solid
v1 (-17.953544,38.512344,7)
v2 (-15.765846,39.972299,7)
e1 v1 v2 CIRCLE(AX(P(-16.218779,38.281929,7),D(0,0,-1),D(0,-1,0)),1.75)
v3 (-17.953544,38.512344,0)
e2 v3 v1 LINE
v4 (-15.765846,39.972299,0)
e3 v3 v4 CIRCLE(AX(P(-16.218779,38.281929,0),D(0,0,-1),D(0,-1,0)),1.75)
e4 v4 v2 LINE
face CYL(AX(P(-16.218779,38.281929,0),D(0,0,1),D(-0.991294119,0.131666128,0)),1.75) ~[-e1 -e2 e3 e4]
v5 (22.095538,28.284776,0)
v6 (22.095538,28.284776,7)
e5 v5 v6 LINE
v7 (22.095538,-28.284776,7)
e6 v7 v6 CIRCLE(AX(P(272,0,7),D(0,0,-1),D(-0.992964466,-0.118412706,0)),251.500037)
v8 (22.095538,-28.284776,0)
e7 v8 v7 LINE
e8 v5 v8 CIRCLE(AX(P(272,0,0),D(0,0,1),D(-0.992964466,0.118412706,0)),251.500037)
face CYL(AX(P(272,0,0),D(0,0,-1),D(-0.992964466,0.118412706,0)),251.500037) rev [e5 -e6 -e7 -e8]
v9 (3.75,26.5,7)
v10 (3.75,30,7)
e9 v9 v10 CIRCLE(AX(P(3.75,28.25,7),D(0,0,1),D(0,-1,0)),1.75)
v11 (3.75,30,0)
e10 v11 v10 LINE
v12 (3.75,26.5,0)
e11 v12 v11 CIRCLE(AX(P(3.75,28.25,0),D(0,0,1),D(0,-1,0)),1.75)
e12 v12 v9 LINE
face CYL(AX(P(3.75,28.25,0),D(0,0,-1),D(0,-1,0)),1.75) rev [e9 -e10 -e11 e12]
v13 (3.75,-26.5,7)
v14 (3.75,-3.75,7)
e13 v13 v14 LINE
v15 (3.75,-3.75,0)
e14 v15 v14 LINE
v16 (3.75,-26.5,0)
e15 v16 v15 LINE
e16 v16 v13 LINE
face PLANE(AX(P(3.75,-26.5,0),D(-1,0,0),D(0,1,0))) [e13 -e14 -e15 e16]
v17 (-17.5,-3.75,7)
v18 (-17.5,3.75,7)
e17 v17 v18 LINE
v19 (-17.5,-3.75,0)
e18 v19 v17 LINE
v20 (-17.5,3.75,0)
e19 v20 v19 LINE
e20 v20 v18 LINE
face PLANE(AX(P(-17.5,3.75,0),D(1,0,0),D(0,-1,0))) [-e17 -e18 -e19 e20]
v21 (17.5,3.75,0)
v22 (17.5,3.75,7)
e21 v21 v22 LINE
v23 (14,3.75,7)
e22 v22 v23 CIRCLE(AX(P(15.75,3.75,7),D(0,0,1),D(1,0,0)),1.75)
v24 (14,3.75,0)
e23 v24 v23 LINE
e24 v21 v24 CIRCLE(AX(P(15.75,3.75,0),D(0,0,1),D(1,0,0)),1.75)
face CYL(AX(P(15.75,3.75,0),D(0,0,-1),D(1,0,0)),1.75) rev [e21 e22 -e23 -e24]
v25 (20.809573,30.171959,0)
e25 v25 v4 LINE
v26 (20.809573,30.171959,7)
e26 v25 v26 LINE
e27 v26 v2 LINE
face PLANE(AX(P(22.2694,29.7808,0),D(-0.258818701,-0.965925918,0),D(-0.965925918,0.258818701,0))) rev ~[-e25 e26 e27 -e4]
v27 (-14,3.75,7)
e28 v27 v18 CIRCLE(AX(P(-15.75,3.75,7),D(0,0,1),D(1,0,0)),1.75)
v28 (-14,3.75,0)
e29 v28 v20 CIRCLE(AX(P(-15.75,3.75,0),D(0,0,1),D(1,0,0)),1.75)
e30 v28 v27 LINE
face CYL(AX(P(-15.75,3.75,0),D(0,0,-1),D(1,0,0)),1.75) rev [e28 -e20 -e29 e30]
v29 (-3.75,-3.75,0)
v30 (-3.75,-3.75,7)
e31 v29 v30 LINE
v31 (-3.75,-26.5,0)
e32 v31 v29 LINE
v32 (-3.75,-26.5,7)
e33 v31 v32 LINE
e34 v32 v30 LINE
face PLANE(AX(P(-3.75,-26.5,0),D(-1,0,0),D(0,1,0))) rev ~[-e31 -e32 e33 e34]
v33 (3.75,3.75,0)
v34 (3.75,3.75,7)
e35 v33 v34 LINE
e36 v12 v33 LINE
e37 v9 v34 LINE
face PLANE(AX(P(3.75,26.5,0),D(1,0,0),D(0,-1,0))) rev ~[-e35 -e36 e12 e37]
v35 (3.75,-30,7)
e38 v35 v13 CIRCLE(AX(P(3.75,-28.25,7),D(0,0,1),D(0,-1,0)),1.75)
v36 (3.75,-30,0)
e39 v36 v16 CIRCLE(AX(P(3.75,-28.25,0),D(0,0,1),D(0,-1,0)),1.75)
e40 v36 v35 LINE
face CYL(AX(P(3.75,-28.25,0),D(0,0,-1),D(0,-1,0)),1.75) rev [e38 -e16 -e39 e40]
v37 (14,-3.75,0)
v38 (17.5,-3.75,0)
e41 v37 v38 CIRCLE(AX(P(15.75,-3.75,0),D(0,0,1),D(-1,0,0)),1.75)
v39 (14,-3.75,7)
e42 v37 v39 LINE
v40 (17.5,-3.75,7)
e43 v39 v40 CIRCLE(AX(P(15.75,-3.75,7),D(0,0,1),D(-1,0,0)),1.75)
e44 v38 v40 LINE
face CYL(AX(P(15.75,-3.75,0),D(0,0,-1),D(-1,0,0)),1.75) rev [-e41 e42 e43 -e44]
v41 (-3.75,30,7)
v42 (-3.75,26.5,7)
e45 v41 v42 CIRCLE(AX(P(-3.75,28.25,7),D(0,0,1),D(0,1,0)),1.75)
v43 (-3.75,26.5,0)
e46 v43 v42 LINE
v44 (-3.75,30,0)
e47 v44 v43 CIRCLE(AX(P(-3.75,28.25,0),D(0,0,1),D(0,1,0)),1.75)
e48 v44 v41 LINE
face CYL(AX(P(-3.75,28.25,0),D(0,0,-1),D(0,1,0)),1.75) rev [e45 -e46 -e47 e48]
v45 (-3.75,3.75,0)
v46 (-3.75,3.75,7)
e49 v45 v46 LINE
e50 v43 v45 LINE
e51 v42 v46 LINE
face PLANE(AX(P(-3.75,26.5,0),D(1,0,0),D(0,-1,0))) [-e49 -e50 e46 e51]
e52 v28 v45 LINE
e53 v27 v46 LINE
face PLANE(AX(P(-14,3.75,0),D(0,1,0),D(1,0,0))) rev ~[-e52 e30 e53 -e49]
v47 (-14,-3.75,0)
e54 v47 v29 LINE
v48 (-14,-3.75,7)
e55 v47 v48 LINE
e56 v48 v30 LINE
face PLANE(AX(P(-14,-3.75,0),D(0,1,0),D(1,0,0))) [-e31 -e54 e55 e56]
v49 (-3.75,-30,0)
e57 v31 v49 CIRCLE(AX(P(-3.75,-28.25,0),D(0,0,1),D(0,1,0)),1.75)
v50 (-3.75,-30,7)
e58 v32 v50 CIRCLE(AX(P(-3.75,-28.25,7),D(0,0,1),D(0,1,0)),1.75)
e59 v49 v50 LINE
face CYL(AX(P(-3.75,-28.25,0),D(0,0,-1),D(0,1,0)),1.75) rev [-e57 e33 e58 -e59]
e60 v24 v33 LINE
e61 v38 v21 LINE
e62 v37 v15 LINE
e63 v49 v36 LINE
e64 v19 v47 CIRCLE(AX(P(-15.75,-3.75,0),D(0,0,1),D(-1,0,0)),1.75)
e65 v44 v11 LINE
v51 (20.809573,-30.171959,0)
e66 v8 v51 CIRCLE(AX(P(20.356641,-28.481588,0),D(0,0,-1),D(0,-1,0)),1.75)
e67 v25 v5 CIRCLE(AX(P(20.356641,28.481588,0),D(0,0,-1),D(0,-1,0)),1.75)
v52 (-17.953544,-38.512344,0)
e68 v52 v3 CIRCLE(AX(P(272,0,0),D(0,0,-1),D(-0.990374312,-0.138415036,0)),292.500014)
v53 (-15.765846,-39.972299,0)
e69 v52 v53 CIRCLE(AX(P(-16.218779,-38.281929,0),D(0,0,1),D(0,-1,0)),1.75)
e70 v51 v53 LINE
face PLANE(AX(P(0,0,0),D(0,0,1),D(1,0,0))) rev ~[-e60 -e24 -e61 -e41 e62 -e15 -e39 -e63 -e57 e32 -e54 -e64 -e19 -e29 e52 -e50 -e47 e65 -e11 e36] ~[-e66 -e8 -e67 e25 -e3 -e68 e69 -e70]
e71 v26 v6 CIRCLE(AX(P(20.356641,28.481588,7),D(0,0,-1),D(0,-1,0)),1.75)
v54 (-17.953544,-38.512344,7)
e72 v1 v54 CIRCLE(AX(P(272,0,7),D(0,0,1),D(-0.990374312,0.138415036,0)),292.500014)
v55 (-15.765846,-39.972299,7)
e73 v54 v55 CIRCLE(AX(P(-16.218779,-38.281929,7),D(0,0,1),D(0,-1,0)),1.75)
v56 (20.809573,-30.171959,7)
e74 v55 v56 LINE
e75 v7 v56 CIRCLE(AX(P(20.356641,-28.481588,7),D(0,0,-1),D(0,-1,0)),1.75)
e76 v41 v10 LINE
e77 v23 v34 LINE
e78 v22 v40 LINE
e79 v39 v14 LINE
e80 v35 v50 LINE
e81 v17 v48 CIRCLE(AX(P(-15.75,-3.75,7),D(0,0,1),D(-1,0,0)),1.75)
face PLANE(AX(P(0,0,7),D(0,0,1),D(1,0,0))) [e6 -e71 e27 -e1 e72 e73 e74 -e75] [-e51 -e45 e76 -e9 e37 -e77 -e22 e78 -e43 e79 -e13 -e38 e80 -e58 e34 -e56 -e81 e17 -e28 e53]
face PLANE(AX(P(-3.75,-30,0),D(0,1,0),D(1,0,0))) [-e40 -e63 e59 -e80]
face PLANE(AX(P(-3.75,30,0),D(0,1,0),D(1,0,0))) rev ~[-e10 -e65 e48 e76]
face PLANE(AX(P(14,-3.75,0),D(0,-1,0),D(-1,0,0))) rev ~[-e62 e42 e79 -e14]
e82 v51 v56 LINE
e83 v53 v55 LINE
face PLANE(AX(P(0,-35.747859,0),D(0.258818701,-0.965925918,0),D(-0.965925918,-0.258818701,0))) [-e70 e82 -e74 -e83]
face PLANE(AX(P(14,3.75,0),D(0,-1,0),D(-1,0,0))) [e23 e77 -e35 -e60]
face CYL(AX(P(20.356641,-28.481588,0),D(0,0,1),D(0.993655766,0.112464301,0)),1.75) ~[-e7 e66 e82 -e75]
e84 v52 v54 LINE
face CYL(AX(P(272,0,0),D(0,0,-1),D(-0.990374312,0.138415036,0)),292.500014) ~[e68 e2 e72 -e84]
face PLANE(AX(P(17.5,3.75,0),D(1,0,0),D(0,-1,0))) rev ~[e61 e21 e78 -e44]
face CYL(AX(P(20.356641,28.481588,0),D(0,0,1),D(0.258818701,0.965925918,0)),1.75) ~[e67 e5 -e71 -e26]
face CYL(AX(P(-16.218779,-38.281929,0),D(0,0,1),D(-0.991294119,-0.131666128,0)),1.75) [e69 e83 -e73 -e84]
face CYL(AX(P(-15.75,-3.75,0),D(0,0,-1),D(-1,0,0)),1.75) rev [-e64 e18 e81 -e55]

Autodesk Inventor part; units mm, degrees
ref_plane "YZ Plane" through (0, 0, 0) normal (1, 0, 0) x (0, 1, 0)
ref_plane "XZ Plane" through (0, 0, 0) normal (0, 1, 0) x (-1, 0, 0)
ref_plane "XY Plane" through (0, 0, 0) normal (0, 0, 1) x (1, 0, 0)
sketch "Sketch1" plane through (0, 0, 0) normal (0, 0, 1) x (1, 0, 0)
  line L0 (-3.75, 30) -> (3.75, 30)
  arc A0 (-14, 3.75) -> (-17.5, 3.75) centre (-15.75, 3.75) ccw
  arc A1 (-3.75, 30) -> (-3.75, 26.5) centre (-3.75, 28.25) ccw
  arc A2 (3.75, 26.5) -> (3.75, 30) centre (3.75, 28.25) ccw
  line L1 (272, 51.0746) -> (272, -58.8764)
  line L2 (-17.5, 0) -> (30.5939, 0)
  line L3 (-17.5, 3.75) -> (-17.5, 0)
  arc A3 (-17.5, -3.75) -> (-14, -3.75) centre (-15.75, -3.75) ccw
  line L4 (-17.5, -3.75) -> (-17.5, 0)
  line L5 (0, 0) -> (0, -60.7814)
  line L6 (-14, 3.75) -> (-3.75, 3.75)
  line L7 (-14, -3.75) -> (-3.75, -3.75)
  line L8 (-3.75, 26.5) -> (-3.75, 3.75)
  line L9 (3.75, 26.5) -> (3.75, 3.75)
  arc A4 (17.5, 3.75) -> (14, 3.75) centre (15.75, 3.75) ccw
  line L10 (17.5, 3.75) -> (17.5, 0)
  line L11 (17.5, -3.75) -> (17.5, 0)
  arc A5 (14, -3.75) -> (17.5, -3.75) centre (15.75, -3.75) ccw
  line L12 (14, 3.75) -> (3.75, 3.75)
  line L13 (14, -3.75) -> (3.75, -3.75)
  line L14 (-3.75, -30) -> (3.75, -30)
  arc A6 (-3.75, -26.5) -> (-3.75, -30) centre (-3.75, -28.25) ccw
  arc A7 (3.75, -30) -> (3.75, -26.5) centre (3.75, -28.25) ccw
  line L15 (3.75, -26.5) -> (3.75, -3.75)
  line L16 (-3.75, -26.5) -> (-3.75, -3.75)
  line L17 (-20.5, 0) -> (-17.5, 0)
  line L18 (17.5, 0) -> (20.5, 0)
  arc A8 (-17.6845, 40.4864) -> (-17.6845, -40.4864) centre (272, 0) ccw
  arc A9 (22.2694, 29.7808) -> (22.2694, -29.7808) centre (272, 0) ccw
  line L19 (22.2694, -29.7808) -> (-17.6845, -40.4864)
  line L20 (22.2694, 29.7808) -> (-17.6845, 40.4864)
  point P0 (-34.7553, 50.5125)
  point P1 (74.6913, 21.1864)
  point P2 (-34.7553, -50.5125)
  point P3 (74.6913, -21.1864)
  dimension "d3" = 1.75
  dimension "d43" = 0
  dimension "d46" = 7.5
  dimension "d47" = 1.75
  dimension "d48" = 1.75
  dimension "d49" = 7.5
  dimension "d50" = 7.5
  dimension "d51" = 60
  dimension "d52" = 35
  dimension "d55" = 3
  dimension "d57" = 585
  dimension "d58" = 3
  dimension "d61" = 15
extrude "Extrusion1" add sketch "Sketch1" along normal blind 7 contours A1 L8 L6 A0 L3 L17 A8 L20 A9 L2 L10 A4 L12 L9 A2 L0 | L4 A3 L7 L16 A6 L14 L5 L19 A8 L17 | L2 A9 L19 L5 L14 A7 L15 L13 A5 L11
fillet "Fillet1" radius 1.75 4 edges at (-17.6845, -40.4864, 3.5) (22.2694, -29.7808, 3.5) (22.2694, 29.7808, 3.5) (-17.6845, 40.4864, 3.5)
properties part number "Feet - V2"
